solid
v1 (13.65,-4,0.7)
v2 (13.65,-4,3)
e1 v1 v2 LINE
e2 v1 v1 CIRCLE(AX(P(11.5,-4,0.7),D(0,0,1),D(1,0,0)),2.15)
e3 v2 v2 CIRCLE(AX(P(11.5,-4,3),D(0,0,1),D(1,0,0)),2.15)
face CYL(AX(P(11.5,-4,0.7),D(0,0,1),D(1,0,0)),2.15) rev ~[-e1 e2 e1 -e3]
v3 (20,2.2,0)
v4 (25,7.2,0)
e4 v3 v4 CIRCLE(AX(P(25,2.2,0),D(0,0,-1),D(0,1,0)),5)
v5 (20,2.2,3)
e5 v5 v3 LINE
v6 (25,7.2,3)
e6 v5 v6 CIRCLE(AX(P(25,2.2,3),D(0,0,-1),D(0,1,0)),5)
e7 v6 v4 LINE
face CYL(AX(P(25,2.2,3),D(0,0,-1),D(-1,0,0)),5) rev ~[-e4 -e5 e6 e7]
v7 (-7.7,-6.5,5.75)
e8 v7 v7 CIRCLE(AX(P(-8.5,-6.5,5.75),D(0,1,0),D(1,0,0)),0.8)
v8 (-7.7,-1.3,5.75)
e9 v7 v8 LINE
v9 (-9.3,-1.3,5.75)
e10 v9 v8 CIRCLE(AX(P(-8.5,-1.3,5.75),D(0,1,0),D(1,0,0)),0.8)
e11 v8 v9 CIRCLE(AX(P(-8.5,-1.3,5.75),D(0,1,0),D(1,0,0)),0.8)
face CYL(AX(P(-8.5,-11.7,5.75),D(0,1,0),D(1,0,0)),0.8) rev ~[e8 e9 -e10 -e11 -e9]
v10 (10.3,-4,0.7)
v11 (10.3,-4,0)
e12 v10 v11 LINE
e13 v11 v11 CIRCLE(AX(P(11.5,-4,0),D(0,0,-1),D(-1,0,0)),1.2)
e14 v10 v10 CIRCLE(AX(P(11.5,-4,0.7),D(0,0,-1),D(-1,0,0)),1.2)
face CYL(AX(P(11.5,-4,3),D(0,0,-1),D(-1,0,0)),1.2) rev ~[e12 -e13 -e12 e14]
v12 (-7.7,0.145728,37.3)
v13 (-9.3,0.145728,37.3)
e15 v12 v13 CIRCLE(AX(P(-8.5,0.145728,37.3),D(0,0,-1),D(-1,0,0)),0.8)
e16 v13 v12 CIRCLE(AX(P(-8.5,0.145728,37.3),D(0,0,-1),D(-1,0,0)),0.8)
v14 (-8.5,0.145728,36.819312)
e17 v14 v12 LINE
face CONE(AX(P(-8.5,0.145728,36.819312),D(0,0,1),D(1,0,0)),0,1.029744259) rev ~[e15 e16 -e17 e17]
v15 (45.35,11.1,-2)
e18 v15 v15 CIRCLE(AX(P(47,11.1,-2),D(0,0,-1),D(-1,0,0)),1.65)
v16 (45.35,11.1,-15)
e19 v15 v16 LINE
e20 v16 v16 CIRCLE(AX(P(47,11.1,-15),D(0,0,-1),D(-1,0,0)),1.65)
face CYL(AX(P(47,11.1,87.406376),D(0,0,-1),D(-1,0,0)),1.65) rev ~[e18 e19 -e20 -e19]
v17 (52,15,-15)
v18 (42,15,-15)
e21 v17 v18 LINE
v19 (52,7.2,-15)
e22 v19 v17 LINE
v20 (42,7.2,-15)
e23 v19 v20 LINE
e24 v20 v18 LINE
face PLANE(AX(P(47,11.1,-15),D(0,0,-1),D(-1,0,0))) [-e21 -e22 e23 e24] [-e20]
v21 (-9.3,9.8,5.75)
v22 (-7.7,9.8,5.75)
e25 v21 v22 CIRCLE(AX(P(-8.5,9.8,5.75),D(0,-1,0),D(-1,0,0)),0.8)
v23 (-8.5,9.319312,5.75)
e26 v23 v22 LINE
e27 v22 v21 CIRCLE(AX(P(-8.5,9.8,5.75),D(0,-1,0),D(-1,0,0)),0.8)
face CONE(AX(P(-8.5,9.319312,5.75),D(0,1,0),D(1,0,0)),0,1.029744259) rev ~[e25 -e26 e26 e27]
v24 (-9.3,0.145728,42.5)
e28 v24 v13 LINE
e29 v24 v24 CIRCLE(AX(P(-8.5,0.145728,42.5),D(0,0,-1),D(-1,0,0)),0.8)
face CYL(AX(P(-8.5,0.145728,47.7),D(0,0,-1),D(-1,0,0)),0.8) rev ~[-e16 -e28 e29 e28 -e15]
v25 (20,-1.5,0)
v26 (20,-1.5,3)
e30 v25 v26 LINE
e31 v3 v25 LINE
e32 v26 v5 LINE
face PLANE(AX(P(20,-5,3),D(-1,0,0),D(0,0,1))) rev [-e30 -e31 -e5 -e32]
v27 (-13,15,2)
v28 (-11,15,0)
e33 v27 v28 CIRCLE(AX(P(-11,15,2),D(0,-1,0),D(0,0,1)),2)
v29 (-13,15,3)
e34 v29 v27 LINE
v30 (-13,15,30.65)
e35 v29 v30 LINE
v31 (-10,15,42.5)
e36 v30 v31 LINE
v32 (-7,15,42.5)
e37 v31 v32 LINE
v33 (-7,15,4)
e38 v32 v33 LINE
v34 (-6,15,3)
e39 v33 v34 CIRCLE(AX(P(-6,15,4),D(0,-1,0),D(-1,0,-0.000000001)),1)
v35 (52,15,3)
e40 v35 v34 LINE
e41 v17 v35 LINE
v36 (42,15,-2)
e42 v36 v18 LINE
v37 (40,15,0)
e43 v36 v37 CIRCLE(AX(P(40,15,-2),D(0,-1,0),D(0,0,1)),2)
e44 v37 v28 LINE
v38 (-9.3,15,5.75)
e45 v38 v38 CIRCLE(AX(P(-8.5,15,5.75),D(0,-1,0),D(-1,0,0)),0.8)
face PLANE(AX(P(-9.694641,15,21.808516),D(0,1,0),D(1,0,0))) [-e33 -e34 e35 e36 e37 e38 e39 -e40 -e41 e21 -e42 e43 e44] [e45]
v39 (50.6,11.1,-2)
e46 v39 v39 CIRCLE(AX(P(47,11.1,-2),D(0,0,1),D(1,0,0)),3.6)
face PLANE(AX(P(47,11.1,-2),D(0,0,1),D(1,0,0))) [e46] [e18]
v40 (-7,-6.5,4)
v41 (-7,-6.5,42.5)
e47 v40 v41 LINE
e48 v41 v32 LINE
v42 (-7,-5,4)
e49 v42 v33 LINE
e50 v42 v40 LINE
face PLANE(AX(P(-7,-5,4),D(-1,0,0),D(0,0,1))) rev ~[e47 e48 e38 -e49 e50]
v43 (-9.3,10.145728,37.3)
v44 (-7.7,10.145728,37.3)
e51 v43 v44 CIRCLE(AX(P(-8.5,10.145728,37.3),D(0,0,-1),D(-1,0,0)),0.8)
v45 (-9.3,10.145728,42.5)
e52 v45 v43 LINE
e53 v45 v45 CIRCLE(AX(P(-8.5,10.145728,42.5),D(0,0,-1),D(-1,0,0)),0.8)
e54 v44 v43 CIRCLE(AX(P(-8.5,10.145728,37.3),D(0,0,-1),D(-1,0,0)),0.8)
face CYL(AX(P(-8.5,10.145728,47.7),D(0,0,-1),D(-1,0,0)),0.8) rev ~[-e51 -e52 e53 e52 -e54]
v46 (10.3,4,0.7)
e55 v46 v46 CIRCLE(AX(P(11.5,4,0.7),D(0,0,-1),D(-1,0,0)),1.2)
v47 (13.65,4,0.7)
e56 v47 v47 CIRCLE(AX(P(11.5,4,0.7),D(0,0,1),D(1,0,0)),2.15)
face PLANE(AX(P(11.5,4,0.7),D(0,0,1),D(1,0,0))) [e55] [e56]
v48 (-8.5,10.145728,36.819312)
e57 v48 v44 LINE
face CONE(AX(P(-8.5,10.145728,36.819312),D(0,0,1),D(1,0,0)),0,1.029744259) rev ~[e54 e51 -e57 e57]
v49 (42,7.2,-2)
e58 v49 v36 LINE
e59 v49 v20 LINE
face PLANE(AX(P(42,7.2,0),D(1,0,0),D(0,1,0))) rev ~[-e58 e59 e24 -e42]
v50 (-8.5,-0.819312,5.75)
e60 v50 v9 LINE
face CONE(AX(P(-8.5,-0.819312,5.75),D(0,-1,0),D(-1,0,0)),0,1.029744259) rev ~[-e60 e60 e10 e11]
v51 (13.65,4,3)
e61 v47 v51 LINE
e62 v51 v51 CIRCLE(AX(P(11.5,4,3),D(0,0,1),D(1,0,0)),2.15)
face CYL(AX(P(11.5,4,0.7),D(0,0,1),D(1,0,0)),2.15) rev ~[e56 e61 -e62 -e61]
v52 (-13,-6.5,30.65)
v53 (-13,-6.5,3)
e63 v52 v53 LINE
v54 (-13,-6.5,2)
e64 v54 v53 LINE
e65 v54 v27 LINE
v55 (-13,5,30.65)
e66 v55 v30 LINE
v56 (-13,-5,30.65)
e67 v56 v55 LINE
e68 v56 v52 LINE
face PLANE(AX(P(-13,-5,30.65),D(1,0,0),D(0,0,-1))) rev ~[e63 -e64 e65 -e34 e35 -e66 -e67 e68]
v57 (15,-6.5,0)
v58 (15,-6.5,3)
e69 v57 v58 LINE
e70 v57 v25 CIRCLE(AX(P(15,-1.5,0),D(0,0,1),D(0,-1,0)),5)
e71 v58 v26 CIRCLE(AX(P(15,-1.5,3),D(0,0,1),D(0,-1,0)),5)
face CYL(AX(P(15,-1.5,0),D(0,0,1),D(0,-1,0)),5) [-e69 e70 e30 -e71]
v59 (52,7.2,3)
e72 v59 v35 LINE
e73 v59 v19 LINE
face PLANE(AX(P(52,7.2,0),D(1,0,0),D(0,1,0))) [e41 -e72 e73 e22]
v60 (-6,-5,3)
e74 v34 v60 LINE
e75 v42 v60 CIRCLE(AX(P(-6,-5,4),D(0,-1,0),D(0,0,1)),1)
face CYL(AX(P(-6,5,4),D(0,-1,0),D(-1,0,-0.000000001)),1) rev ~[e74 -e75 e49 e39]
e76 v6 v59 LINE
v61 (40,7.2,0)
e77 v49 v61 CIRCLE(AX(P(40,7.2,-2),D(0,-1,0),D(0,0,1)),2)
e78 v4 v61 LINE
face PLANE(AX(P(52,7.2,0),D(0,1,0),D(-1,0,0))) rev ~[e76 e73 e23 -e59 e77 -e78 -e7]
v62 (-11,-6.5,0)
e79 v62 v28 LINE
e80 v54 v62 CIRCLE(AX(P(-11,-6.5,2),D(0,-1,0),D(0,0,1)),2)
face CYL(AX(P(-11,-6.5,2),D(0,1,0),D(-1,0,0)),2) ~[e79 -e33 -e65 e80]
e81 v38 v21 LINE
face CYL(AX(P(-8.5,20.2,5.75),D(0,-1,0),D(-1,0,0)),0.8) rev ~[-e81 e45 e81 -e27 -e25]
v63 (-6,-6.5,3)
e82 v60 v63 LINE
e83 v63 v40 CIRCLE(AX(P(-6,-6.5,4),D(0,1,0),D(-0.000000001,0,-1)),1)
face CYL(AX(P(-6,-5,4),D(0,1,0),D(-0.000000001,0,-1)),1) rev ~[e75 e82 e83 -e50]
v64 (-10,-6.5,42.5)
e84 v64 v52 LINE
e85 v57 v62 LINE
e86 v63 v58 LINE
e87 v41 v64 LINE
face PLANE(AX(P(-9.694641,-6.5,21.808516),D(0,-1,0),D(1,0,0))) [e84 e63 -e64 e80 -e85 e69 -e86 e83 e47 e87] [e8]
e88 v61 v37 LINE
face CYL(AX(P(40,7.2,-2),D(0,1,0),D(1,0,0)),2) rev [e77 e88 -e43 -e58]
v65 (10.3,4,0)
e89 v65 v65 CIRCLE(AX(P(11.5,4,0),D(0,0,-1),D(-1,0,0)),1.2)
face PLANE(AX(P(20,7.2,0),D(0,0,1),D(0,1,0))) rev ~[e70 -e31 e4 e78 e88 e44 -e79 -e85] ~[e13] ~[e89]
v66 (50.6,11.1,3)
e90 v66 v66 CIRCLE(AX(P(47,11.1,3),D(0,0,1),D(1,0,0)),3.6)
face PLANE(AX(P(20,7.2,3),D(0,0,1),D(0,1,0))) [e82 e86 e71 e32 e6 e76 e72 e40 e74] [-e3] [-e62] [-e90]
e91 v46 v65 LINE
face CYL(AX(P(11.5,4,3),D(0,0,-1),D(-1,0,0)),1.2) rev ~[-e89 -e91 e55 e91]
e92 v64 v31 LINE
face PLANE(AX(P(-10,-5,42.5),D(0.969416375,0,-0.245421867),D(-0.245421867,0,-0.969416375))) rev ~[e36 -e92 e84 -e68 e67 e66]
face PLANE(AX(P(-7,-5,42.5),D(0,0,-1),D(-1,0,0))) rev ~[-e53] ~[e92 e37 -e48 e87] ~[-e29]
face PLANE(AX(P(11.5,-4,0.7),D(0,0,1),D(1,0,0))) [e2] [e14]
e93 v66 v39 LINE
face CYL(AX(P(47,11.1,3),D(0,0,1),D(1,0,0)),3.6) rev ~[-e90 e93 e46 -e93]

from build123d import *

# Parameters (mm, degrees)
SKETCH_1_W                = 40
SKETCH_1_H                = 10
EXTRUDE_1_DEPTH           = 3
SKETCH_2_W                = 3
SKETCH_2_H                = 10
EXTRUDE_2_DEPTH           = 39.5
EXTRUDE_3_DEPTH           = 10
FILLET_1_R                = 1
SKETCH_4_W                = 40
SKETCH_4_H                = 3
EXTRUDE_4_DEPTH           = 10
HOLE_WIZARD_1_D           = 2.4
HOLE_WIZARD_1_DEPTH       = 3.2
HOLE_WIZARD_1_CBORE_D     = 4.3
HOLE_WIZARD_1_CBORE_DEPTH = 2.3
HOLE_WIZARD_1_TIP         = 0.721032743
HOLE_WIZARD_M2_1_D        = 1.6
HOLE_WIZARD_M2_1_DEPTH    = 5.2
HOLE_WIZARD_M2_1_TIP      = 0.480688495
SKETCH_13_W               = 40
SKETCH_13_H               = 8.5
CUT_EXTRUDE_2_DEPTH       = 10
EXTRUDE_7_DEPTH           = 10
SKETCH_17_W               = 9.259373991
SKETCH_17_H               = 43.053569651
CUT_EXTRUDE_3_DEPTH       = 20
SKETCH_14_W               = 3
SKETCH_14_H               = 7.8
EXTRUDE_8_DEPTH           = 32
SKETCH_18_W               = 10
SKETCH_18_H               = 7.8
EXTRUDE_9_DEPTH           = 15
SKETCH_19_R               = 3.6
CUT_EXTRUDE_4_DEPTH       = 5
HOLE_WIZARD_M4_1_D        = 3.3
FILLET_2_R                = 2
EXTRUDE_10_DEPTH          = 10
EXTRUDE_11_DEPTH          = 1.5
HOLE_WIZARD_M2_2_D        = 1.6
HOLE_WIZARD_M2_2_DEPTH    = 5.2
HOLE_WIZARD_M2_2_TIP      = 0.480688495
HOLE_WIZARD_M2_3_D        = 1.6
HOLE_WIZARD_M2_3_DEPTH    = 5.2
HOLE_WIZARD_M2_3_TIP      = 0.480688495
HOLE_WIZARD_M2_4_D        = 1.6
HOLE_WIZARD_M2_4_DEPTH    = 5.2
HOLE_WIZARD_M2_4_TIP      = 0.480688495
FILLET_3_R                = 2
FILLET_4_R                = 5


with BuildPart() as part:
    # 草图1 → 凸台-拉伸1 (new body)
    with BuildSketch(Plane.XY):
        Rectangle(SKETCH_1_W, SKETCH_1_H)
    extrude(amount=EXTRUDE_1_DEPTH)

    # 草图2 → 凸台-拉伸2 (add)
    with BuildSketch(Plane.XY.offset(3)):
        with Locations((-8.5, 0)):
            Rectangle(SKETCH_2_W, SKETCH_2_H)
    extrude(amount=EXTRUDE_2_DEPTH)

    # 草图3 → 凸台-拉伸3 (add)
    with BuildSketch(Plane(origin=(0, 5, 0), x_dir=(1, 0, 0), z_dir=(0, 1, 0))):
        Polygon((-20, -3), (-10, -42.5), (-10, -30.276150361), (-16.905354522, -3), align=None)
    extrude(amount=-EXTRUDE_3_DEPTH)

    # 圆角1
    fillet_1_edges = [part.edges().sort_by_distance(p)[0] for p in [
        (-7, 0, 3),
    ]]
    fillet(fillet_1_edges, radius=FILLET_1_R)

    # 草图4 → 凸台-拉伸4 (add)
    with BuildSketch(Plane(origin=(0, 5, 0), x_dir=(1, 0, 0), z_dir=(0, 1, 0))):
        with Locations((0, -1.5)):
            Rectangle(SKETCH_4_W, SKETCH_4_H)
    extrude_4 = extrude(amount=EXTRUDE_4_DEPTH)

    # 镜向1: 凸台-拉伸4 across plane
    add(extrude_4.mirror(Plane.ZX))

    # 打孔尺寸(%根据)内六角圆柱头螺钉的类型1
    with Locations(Plane.XY.offset(3)):
        with Locations((11.5, 4), (11.5, -4)):
            CounterBoreHole(HOLE_WIZARD_1_D / 2, HOLE_WIZARD_1_CBORE_D / 2, HOLE_WIZARD_1_CBORE_DEPTH, depth=HOLE_WIZARD_1_DEPTH)
            with Locations((0, 0, -(HOLE_WIZARD_1_DEPTH + HOLE_WIZARD_1_TIP / 2))):  # 118° drill point
                Cone(0, HOLE_WIZARD_1_D / 2, HOLE_WIZARD_1_TIP, mode=Mode.SUBTRACT)

    # M2 螺纹孔1
    with Locations(Plane.XY.offset(42.5)):
        with Locations((-8.5, 0.145727583), (-8.5, 10.145727583)):
            Hole(HOLE_WIZARD_M2_1_D / 2, depth=HOLE_WIZARD_M2_1_DEPTH)
            with Locations((0, 0, -(HOLE_WIZARD_M2_1_DEPTH + HOLE_WIZARD_M2_1_TIP / 2))):  # 118° drill point
                Cone(0, HOLE_WIZARD_M2_1_D / 2, HOLE_WIZARD_M2_1_TIP, mode=Mode.SUBTRACT)

    # 草图13 → 切除-拉伸2 (cut)
    with BuildSketch(Plane(origin=(0, 0, 0), x_dir=(-1, 0, 0), z_dir=(0, 0, -1))):
        with Locations((0, -10.75)):
            Rectangle(SKETCH_13_W, SKETCH_13_H)
    extrude(amount=-CUT_EXTRUDE_2_DEPTH, mode=Mode.SUBTRACT)

    # 草图16 → 凸台-拉伸7 (add)
    with BuildSketch(Plane(origin=(0, 5, 0), x_dir=(1, 0, 0), z_dir=(0, 1, 0))):
        Polygon((-16.905354522, -3), (-10, -30.276150361), (-10, -3), align=None)
    extrude(amount=-EXTRUDE_7_DEPTH)

    # 草图17 → 切除-拉伸3 (cut, symmetric)
    with BuildSketch(Plane(origin=(0, 0, 0), x_dir=(1, 0, 0), z_dir=(0, 1, 0))):
        with Locations((-17.629686996, -17.786551237)):
            Rectangle(SKETCH_17_W, SKETCH_17_H)
    extrude(amount=CUT_EXTRUDE_3_DEPTH, both=True, mode=Mode.SUBTRACT)

    # 草图14 → 凸台-拉伸8 (add)
    with BuildSketch(Plane(origin=(20, 0, 0), x_dir=(0, 0, -1), z_dir=(1, 0, 0))):
        with Locations((-1.5, 11.1)):
            Rectangle(SKETCH_14_W, SKETCH_14_H)
    extrude(amount=EXTRUDE_8_DEPTH)

    # 草图18 → 凸台-拉伸9 (add)
    with BuildSketch(Plane(origin=(0, 0, 0), x_dir=(-1, 0, 0), z_dir=(0, 0, -1))):
        with Locations((-47, 11.1)):
            Rectangle(SKETCH_18_W, SKETCH_18_H)
    extrude(amount=EXTRUDE_9_DEPTH)

    # 草图19 → 切除-拉伸4 (cut)
    with BuildSketch(Plane.XY.offset(3)):
        with Locations((47, 11.1)):
            Circle(SKETCH_19_R)
    extrude(amount=-CUT_EXTRUDE_4_DEPTH, mode=Mode.SUBTRACT)

    # M4 螺纹孔1 (through all)
    with Locations(Plane.XY.offset(-2)):
        with Locations((47, 11.1)):
            Hole(HOLE_WIZARD_M4_1_D / 2)

    # 圆角2
    fillet_2_edges = [part.edges().sort_by_distance(p)[0] for p in [
        (42, 11.1, 0),
    ]]
    fillet(fillet_2_edges, radius=FILLET_2_R)

    # 草图22 → 凸台-拉伸10 (add)
    with BuildSketch(Plane(origin=(0, 5, 0), x_dir=(1, 0, 0), z_dir=(0, 1, 0))):
        with BuildLine():
            Line((-6, -3), (-13, -3))
            Line((-13, -3), (-13, -30.65))
            Line((-13, -30.65), (-10, -42.5))
            Line((-10, -42.5), (-7, -42.5))
            Line((-7, -42.5), (-7, -4))
            ThreePointArc((-7, -4), (-6.707106781, -3.292893219), (-6, -3))
        make_face()
    extrude(amount=EXTRUDE_10_DEPTH)

    # 草图23 → 凸台-拉伸11 (add)
    with BuildSketch(Plane.XZ.offset(5)):
        with BuildLine():
            Line((-10, 42.5), (-13, 30.65))
            Line((-13, 30.65), (-13, 3))
            Line((-13, 3), (-6, 3))
            ThreePointArc((-6, 3), (-6.707106781, 3.292893219), (-7, 4))
            Line((-7, 4), (-7, 42.5))
            Line((-7, 42.5), (-10, 42.5))
        make_face()
    extrude(amount=EXTRUDE_11_DEPTH)

    # M2 螺纹孔2
    with Locations(Plane.XY.offset(42.5)):
        with Locations((-8.5, 10.145727583)):
            Hole(HOLE_WIZARD_M2_2_D / 2, depth=HOLE_WIZARD_M2_2_DEPTH)
            with Locations((0, 0, -(HOLE_WIZARD_M2_2_DEPTH + HOLE_WIZARD_M2_2_TIP / 2))):  # 118° drill point
                Cone(0, HOLE_WIZARD_M2_2_D / 2, HOLE_WIZARD_M2_2_TIP, mode=Mode.SUBTRACT)

    # M2 螺纹孔3
    with Locations(Plane(origin=(0, 15, 0), x_dir=(1, 0, 0), z_dir=(0, 1, 0))):
        with Locations((-8.5, -5.75)):
            Hole(HOLE_WIZARD_M2_3_D / 2, depth=HOLE_WIZARD_M2_3_DEPTH)
            with Locations((0, 0, -(HOLE_WIZARD_M2_3_DEPTH + HOLE_WIZARD_M2_3_TIP / 2))):  # 118° drill point
                Cone(0, HOLE_WIZARD_M2_3_D / 2, HOLE_WIZARD_M2_3_TIP, mode=Mode.SUBTRACT)

    # M2 螺纹孔4
    with Locations(Plane(origin=(0, -6.5, 0), x_dir=(-1, 0, 0), z_dir=(0, -1, 0))):
        with Locations((8.5, -5.75)):
            Hole(HOLE_WIZARD_M2_4_D / 2, depth=HOLE_WIZARD_M2_4_DEPTH)
            with Locations((0, 0, -(HOLE_WIZARD_M2_4_DEPTH + HOLE_WIZARD_M2_4_TIP / 2))):  # 118° drill point
                Cone(0, HOLE_WIZARD_M2_4_D / 2, HOLE_WIZARD_M2_4_TIP, mode=Mode.SUBTRACT)

    # 圆角3
    fillet_3_edges = [part.edges().sort_by_distance(p)[0] for p in [
        (-13, 4.25, 0),
    ]]
    fillet(fillet_3_edges, radius=FILLET_3_R)

    # 圆角4
    fillet_4_edges = [part.edges().sort_by_distance(p)[0] for p in [
        (20, -6.5, 1.5),
        (20, 7.2, 1.5),
    ]]
    fillet(fillet_4_edges, radius=FILLET_4_R)


solid = part.part
